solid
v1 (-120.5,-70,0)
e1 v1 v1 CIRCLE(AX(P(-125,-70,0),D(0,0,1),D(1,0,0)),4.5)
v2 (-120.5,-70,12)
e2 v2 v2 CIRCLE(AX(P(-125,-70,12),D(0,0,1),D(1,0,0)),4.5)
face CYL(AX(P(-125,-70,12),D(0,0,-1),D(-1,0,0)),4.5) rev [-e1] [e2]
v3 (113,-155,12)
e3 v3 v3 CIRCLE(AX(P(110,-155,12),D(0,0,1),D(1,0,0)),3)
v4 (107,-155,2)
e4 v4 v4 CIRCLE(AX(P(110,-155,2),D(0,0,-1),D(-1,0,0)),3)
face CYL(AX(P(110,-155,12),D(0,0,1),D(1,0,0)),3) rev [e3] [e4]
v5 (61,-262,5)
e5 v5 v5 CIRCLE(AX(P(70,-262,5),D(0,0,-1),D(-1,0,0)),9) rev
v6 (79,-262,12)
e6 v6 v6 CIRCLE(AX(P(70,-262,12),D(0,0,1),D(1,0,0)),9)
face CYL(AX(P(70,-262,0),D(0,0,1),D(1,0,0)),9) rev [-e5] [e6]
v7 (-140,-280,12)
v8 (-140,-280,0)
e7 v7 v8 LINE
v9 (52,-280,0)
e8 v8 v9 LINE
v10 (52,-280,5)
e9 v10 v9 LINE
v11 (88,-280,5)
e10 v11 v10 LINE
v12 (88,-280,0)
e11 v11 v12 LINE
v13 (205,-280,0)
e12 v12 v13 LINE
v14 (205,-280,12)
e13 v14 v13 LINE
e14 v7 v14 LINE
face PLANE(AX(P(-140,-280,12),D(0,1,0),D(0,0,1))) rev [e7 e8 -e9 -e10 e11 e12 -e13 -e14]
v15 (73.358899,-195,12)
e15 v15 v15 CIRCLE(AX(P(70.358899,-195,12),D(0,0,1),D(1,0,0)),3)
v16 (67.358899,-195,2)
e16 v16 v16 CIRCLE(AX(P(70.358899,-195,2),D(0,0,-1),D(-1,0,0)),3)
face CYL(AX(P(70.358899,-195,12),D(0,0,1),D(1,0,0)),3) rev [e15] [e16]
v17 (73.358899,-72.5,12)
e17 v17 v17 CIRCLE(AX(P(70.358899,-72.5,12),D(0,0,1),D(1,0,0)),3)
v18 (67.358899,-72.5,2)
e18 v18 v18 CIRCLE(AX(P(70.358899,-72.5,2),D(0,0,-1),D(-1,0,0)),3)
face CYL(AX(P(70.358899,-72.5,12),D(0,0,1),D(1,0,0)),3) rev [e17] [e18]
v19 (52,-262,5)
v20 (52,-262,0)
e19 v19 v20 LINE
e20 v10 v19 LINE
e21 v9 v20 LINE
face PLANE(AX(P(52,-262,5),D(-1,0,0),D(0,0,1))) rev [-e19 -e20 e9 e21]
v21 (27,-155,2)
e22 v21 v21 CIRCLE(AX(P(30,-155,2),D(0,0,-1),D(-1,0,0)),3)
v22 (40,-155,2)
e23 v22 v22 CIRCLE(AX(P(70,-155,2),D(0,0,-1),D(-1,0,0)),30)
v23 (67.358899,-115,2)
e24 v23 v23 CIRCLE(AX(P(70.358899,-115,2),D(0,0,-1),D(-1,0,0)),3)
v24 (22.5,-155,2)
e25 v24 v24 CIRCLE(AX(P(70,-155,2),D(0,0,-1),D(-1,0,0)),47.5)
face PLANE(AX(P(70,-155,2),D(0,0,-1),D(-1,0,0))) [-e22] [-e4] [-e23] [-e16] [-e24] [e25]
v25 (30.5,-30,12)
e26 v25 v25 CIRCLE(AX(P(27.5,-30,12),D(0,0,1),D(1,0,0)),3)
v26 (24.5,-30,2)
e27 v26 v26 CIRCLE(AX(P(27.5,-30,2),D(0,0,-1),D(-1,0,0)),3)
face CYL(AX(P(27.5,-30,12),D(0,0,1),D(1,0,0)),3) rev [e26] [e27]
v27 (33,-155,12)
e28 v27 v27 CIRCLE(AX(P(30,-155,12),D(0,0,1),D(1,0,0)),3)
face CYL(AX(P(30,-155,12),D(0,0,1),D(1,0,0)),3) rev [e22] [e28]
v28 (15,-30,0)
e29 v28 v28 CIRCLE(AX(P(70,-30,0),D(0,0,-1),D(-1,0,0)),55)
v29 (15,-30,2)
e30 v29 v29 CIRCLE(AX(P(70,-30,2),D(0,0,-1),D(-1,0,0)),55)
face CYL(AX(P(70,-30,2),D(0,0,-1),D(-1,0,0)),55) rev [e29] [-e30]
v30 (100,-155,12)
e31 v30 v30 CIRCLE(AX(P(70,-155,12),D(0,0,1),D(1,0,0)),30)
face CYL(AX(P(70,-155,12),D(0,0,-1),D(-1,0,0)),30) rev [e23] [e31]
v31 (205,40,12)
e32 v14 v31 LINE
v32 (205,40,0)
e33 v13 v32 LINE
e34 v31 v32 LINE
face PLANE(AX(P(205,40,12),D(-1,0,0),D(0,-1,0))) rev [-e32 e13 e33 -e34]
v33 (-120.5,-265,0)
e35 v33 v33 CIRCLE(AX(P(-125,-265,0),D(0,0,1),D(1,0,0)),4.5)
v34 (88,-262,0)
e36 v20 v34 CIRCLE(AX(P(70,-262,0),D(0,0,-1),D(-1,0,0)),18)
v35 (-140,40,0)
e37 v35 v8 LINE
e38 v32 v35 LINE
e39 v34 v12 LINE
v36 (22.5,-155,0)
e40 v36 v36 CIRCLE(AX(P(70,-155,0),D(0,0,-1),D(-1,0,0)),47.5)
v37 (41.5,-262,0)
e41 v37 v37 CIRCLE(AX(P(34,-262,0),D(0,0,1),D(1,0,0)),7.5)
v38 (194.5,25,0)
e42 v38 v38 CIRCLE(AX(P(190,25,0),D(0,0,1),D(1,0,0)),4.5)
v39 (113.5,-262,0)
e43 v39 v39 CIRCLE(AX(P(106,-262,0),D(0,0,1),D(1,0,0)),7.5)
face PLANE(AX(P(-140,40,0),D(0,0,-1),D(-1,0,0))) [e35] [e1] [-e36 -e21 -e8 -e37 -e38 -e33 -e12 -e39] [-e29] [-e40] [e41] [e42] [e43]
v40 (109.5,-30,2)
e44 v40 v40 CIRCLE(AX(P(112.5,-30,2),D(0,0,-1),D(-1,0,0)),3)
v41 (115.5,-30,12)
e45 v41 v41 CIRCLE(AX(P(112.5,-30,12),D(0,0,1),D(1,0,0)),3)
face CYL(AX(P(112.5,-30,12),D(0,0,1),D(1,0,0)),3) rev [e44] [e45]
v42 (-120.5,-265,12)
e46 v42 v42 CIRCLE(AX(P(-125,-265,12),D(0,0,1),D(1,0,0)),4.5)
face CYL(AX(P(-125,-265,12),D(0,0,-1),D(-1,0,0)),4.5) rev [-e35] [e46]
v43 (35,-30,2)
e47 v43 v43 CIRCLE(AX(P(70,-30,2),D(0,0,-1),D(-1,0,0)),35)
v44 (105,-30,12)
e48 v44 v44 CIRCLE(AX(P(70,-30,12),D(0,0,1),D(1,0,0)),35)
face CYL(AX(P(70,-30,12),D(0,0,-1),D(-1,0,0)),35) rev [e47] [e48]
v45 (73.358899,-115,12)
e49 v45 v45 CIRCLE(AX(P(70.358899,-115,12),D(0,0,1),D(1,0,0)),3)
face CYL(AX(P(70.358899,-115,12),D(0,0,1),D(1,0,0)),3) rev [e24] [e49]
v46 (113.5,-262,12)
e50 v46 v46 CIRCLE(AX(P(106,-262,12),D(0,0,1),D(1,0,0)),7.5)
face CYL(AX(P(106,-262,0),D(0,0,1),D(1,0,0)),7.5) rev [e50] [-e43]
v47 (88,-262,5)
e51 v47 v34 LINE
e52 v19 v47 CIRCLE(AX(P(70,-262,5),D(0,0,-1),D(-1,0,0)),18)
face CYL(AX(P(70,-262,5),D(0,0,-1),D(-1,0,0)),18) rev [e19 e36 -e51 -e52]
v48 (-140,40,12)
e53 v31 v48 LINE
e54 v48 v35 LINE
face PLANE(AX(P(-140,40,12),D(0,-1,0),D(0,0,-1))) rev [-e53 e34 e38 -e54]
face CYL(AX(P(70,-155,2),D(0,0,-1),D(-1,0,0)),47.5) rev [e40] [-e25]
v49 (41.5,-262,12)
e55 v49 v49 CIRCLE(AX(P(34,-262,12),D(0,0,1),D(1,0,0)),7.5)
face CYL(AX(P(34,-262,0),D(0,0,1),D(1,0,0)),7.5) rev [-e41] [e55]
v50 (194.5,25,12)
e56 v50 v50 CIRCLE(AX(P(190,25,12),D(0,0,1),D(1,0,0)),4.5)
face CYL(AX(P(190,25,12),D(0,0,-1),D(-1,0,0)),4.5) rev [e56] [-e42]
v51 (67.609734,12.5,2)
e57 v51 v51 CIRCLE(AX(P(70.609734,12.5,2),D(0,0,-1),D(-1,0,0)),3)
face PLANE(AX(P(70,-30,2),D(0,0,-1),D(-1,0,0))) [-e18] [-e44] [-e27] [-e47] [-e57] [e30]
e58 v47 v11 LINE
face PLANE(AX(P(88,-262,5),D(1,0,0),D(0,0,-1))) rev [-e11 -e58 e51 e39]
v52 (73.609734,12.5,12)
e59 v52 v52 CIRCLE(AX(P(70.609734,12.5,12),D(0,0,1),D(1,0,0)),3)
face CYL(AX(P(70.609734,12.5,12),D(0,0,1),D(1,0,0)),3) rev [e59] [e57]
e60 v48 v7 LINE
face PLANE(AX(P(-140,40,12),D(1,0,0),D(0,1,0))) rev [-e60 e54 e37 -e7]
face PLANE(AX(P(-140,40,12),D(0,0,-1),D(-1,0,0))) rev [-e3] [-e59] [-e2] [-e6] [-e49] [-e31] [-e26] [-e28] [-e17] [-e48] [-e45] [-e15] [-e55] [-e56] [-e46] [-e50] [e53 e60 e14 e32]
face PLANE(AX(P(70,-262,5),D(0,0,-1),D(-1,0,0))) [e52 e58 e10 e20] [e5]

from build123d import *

# Parameters (mm, degrees)
ESQUISSE1_W             = 345
ESQUISSE1_H             = 320
ESQUISSE1_R             = 4.5
ESQUISSE1_R_2           = 30
ESQUISSE1_R_3           = 35
BASE_EXTRUSION_DEPTH    = 12
ESQUISSE2_R             = 55
ESQUISSE2_R_2           = 47.5
ENL_V_MAT_EXTRU_1_DEPTH = 2
PER_AGE3_D              = 6
ESQUISSE8_R             = 9
ESQUISSE8_R_2           = 7.5
ENL_V_MAT_EXTRU_2_DEPTH = 348.230471013
ENL_V_MAT_EXTRU_3_DEPTH = 5


with BuildPart() as part:
    # Esquisse1 → Base-Extrusion (new body)
    with BuildSketch(Plane.XY):
        with Locations((32.5, -120)):
            Rectangle(ESQUISSE1_W, ESQUISSE1_H)
        with Locations((190, 25)):
            Circle(ESQUISSE1_R, mode=Mode.SUBTRACT)
        with Locations((-125, -265)):
            Circle(ESQUISSE1_R, mode=Mode.SUBTRACT)
        with Locations(Location((70, -155, 0), (0, 0, 180))):
            Circle(ESQUISSE1_R_2, mode=Mode.SUBTRACT)
        with Locations(Location((70, -30, 0), (0, 0, 180))):
            Circle(ESQUISSE1_R_3, mode=Mode.SUBTRACT)
        with Locations((-125, -70)):
            Circle(ESQUISSE1_R, mode=Mode.SUBTRACT)
    extrude(amount=BASE_EXTRUSION_DEPTH)

    # Esquisse2 → Enlèv. mat.-Extru.1 (cut)
    with BuildSketch(Plane(origin=(0, 0, 0), x_dir=(-1, 0, 0), z_dir=(0, 0, -1))):
        with Locations((-70, -30)):
            Circle(ESQUISSE2_R)
        with Locations((-70, -155)):
            Circle(ESQUISSE2_R_2)
    extrude(amount=-ENL_V_MAT_EXTRU_1_DEPTH, mode=Mode.SUBTRACT)

    # Perçage3 (through all)
    with Locations(Plane.XY.offset(12)):
        with Locations((70.60973448, 12.5), (70.358898569, -72.5), (112.5, -30), (27.5, -30), (110, -155), (70.358898569, -195), (30, -155), (70.358898569, -115)):
            Hole(PER_AGE3_D / 2)

    # Esquisse8 → Enlèv. mat.-Extru.2 (cut, through all)
    with BuildSketch(Plane.XY.offset(12)):
        with Locations((70, -262)):
            Circle(ESQUISSE8_R)
        with Locations((34, -262)):
            Circle(ESQUISSE8_R_2)
        with Locations((106, -262)):
            Circle(ESQUISSE8_R_2)
    extrude(amount=-ENL_V_MAT_EXTRU_2_DEPTH, mode=Mode.SUBTRACT)

    # Esquisse9 → Enlèv. mat.-Extru.3 (cut)
    with BuildSketch(Plane(origin=(0, 0, 0), x_dir=(-1, 0, 0), z_dir=(0, 0, -1))):
        with BuildLine():
            Line((-52, -262), (-52, -280))
            Line((-52, -280), (-88, -280))
            Line((-88, -280), (-88, -262))
            ThreePointArc((-88, -262), (-70, -244), (-52, -262))
        make_face()
    extrude(amount=-ENL_V_MAT_EXTRU_3_DEPTH, mode=Mode.SUBTRACT)


solid = part.part
